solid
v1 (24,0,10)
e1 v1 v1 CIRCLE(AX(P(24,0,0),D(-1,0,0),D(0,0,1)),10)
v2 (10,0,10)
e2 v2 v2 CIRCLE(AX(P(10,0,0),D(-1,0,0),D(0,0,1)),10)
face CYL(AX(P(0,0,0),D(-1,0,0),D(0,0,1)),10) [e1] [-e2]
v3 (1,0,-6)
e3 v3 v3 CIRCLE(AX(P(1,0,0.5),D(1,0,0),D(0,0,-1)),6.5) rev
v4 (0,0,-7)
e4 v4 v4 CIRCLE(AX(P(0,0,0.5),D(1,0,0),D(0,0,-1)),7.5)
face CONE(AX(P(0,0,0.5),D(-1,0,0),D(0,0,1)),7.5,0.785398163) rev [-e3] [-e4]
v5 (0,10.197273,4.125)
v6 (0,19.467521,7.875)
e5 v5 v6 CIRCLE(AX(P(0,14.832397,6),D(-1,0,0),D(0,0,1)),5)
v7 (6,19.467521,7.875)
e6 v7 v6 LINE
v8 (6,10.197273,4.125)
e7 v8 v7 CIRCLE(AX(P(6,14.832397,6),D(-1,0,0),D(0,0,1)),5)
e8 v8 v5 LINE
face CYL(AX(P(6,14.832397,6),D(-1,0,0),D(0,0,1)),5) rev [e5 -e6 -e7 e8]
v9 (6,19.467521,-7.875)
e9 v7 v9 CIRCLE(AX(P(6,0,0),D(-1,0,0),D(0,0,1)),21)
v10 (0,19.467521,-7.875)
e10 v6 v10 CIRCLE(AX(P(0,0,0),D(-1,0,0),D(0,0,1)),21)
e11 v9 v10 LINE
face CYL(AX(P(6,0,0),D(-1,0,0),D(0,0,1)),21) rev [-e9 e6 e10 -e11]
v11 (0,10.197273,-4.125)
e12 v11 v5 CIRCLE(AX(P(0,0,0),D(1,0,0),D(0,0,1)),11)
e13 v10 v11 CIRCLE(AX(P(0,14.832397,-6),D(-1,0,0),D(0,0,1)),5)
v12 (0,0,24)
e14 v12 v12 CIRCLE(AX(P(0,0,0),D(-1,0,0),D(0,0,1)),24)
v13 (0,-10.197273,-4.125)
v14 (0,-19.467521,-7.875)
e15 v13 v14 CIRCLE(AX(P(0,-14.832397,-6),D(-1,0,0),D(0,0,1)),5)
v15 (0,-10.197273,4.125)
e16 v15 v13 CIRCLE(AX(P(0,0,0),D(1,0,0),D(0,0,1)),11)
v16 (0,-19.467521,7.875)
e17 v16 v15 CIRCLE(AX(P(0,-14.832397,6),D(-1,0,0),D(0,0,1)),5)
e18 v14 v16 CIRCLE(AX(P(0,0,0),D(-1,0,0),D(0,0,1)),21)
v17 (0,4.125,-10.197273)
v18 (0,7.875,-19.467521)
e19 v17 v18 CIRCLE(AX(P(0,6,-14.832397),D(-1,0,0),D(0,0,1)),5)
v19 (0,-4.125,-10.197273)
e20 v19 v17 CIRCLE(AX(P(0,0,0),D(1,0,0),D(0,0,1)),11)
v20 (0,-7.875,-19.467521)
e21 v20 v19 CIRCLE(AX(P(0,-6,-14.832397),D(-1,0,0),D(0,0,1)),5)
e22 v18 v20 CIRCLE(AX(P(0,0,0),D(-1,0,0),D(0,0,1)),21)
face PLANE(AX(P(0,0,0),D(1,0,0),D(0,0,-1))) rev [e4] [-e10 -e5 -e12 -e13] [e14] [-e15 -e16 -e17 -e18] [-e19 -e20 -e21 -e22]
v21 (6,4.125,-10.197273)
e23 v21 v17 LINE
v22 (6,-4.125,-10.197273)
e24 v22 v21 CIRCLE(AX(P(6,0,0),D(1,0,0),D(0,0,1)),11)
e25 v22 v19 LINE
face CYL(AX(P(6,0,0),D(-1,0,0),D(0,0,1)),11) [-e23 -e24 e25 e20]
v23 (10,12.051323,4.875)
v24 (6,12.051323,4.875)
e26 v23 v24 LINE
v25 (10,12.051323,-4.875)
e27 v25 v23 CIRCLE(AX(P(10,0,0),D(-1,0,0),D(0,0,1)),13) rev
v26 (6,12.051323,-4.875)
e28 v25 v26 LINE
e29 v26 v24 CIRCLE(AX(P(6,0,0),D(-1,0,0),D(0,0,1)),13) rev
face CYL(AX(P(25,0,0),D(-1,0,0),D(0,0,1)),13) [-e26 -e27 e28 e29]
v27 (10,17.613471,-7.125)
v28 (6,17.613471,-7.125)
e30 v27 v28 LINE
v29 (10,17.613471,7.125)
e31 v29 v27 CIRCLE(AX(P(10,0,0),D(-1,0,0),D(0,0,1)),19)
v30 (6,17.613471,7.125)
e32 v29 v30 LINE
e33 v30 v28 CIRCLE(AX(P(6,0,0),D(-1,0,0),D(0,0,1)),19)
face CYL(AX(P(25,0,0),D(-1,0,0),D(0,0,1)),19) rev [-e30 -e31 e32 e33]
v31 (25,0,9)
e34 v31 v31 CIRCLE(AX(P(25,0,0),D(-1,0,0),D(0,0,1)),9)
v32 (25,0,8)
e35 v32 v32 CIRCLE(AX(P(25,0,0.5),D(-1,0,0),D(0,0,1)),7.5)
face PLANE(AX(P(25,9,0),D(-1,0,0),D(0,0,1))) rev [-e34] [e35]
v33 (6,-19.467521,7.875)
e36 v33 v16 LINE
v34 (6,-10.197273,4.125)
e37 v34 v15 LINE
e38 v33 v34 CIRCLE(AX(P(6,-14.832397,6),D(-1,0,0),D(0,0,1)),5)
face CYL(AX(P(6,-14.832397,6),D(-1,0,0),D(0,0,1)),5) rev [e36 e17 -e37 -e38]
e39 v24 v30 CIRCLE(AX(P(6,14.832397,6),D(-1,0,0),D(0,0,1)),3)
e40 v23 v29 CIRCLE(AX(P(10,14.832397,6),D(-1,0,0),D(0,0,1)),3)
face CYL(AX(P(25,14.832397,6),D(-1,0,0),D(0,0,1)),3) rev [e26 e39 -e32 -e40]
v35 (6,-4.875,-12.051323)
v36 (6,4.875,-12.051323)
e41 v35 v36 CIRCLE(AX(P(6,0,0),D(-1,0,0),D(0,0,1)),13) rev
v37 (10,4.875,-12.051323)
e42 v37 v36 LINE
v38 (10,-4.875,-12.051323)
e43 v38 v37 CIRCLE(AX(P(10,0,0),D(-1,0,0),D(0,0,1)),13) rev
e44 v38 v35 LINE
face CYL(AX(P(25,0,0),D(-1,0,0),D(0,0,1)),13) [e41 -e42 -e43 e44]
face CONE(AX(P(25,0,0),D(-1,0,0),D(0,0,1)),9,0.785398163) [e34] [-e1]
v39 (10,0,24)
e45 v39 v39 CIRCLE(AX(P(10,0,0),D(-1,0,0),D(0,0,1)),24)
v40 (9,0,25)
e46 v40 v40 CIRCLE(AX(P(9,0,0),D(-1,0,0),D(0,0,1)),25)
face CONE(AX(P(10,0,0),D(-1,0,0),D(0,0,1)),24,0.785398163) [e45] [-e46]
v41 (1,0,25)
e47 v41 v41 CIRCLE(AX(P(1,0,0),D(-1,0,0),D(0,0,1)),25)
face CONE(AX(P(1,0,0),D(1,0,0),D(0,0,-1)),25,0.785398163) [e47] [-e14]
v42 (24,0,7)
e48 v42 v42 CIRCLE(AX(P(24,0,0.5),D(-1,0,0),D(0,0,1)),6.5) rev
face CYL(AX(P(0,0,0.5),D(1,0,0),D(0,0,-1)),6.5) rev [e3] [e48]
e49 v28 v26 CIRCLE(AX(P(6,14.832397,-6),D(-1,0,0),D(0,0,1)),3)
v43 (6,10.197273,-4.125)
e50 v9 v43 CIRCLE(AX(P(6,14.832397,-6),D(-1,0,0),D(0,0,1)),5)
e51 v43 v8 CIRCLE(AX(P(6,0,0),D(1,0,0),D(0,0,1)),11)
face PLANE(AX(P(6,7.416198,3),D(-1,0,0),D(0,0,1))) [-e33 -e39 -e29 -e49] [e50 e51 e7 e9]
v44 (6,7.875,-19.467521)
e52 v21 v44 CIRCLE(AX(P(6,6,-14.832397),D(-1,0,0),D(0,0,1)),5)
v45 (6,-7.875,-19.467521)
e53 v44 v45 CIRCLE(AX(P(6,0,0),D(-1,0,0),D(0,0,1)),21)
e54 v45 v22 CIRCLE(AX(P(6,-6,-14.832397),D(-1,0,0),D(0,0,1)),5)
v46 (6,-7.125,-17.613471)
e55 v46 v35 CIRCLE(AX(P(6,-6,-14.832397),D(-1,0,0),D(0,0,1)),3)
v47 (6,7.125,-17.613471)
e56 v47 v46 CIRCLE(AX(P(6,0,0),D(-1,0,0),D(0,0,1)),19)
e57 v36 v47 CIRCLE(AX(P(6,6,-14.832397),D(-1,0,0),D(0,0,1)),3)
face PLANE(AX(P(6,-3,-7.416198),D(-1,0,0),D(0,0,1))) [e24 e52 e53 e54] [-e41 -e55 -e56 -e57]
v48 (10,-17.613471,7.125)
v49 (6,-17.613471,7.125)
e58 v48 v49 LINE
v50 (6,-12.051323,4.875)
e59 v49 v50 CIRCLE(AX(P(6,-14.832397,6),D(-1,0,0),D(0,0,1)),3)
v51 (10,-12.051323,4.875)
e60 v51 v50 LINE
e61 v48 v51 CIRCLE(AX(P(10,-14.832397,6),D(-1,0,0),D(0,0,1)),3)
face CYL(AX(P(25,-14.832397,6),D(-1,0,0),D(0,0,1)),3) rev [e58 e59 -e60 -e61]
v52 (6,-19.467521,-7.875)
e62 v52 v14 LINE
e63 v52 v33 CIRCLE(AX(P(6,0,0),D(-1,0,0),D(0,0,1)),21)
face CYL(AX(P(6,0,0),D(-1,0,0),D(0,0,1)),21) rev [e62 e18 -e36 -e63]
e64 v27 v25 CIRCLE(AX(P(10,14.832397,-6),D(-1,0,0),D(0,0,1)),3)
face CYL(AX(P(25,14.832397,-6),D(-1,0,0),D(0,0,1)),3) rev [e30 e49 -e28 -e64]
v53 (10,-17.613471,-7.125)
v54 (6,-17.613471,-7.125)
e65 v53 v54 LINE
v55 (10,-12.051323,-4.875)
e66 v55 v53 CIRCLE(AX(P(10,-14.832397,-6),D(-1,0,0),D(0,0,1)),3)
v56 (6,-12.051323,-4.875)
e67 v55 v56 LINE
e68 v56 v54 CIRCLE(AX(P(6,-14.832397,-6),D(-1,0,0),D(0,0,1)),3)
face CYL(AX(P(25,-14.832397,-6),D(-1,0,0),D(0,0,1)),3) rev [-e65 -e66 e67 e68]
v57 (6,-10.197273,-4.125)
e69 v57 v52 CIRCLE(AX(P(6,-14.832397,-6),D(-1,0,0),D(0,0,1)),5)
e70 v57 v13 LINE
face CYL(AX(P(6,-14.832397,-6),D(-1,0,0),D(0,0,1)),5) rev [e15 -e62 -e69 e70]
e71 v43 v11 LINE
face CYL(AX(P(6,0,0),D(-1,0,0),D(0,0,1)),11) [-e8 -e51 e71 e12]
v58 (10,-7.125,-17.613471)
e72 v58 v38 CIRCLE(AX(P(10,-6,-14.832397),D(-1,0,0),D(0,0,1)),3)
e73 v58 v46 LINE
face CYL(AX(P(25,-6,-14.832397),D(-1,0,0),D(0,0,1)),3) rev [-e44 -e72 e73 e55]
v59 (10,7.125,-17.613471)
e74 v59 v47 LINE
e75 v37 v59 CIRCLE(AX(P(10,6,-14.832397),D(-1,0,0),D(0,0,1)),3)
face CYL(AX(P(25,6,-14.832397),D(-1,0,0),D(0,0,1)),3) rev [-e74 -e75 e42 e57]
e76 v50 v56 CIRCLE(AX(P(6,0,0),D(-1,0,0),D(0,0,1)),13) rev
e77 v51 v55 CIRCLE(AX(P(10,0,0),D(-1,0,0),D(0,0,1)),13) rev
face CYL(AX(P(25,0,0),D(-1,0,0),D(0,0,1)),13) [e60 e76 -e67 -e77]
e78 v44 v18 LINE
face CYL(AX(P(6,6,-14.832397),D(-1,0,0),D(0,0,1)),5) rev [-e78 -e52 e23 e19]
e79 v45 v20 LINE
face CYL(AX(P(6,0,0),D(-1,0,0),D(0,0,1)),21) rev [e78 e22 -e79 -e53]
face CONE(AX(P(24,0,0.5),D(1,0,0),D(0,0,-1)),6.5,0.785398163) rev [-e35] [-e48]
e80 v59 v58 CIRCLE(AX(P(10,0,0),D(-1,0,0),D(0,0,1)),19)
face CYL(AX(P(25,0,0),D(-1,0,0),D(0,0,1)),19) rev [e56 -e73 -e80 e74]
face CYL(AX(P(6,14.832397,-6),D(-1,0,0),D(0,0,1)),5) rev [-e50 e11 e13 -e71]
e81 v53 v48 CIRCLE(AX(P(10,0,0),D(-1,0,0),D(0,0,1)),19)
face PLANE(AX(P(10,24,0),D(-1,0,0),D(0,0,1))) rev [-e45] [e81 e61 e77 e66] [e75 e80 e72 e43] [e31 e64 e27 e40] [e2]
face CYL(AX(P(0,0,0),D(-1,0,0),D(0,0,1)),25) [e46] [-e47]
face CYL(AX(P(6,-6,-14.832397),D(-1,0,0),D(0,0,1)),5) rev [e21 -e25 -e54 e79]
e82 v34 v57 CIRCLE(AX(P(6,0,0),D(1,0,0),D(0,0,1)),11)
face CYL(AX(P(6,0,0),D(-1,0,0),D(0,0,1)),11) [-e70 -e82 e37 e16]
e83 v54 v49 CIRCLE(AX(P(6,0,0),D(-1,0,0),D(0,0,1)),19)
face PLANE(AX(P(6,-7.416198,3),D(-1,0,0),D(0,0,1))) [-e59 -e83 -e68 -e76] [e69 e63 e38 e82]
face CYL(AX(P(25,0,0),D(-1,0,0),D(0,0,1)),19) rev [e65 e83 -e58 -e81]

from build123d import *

# Parameters (mm, degrees)
CUT_EXTRUDE_2_DEPTH = 6
CUT_EXTRUDE_3_DEPTH = 26
SKETCH_3_R          = 6.5
CUT_EXTRUDE_4_DEPTH = 26
CHAMFER_1_SIZE      = 1
CHAMFER_3_SIZE      = 1


with BuildPart() as part:
    # Эскиз1 → Повернуть1 (revolve)
    with BuildSketch(Plane.XY):
        Polygon((0, 0), (0, 24), (1, 25), (9, 25), (10, 24), (10, 10), (24, 10), (25, 9), (25, 0), align=None)
    revolve(axis=Axis((0, 0, 0), (1, 0, 0)))

    # Эскиз4 → Вырез-Вытянуть2 (cut)
    with BuildSketch(Plane.ZY):
        with BuildLine():
            ThreePointArc((7.875, 19.467521029), (0, 21), (-7.875, 19.467521029))
            ThreePointArc((-7.875, 19.467521029), (-10.635124054, 12.957396974), (-4.125, 10.19727292))
            ThreePointArc((-4.125, 10.19727292), (0, 11), (4.125, 10.19727292))
            ThreePointArc((4.125, 10.19727292), (10.635124054, 12.957396974), (7.875, 19.467521029))
        make_face()
        with BuildLine():
            ThreePointArc((-10.19727292, 4.125), (-11, 0), (-10.19727292, -4.125))
            ThreePointArc((-10.19727292, -4.125), (-12.957396974, -10.635124054), (-19.467521029, -7.875))
            ThreePointArc((-19.467521029, -7.875), (-21, 0), (-19.467521029, 7.875))
            ThreePointArc((-19.467521029, 7.875), (-12.957396974, 10.635124054), (-10.19727292, 4.125))
        make_face()
        with BuildLine():
            ThreePointArc((-4.125, -10.19727292), (0, -11), (4.125, -10.19727292))
            ThreePointArc((4.125, -10.19727292), (10.635124054, -12.957396974), (7.875, -19.467521029))
            ThreePointArc((7.875, -19.467521029), (0, -21), (-7.875, -19.467521029))
            ThreePointArc((-7.875, -19.467521029), (-10.635124054, -12.957396974), (-4.125, -10.19727292))
        make_face()
    extrude(amount=-CUT_EXTRUDE_2_DEPTH, mode=Mode.SUBTRACT)

    # Эскиз5 → Вырез-Вытянуть3 (cut, through all)
    with BuildSketch(Plane.ZY):
        with BuildLine():
            ThreePointArc((7.125, 17.613471407), (0, 19), (-7.125, 17.613471407))
            ThreePointArc((-7.125, 17.613471407), (-8.781074433, 13.707396974), (-4.875, 12.051322542))
            ThreePointArc((-4.875, 12.051322542), (0, 13), (4.875, 12.051322542))
            ThreePointArc((4.875, 12.051322542), (8.781074433, 13.707396974), (7.125, 17.613471407))
        make_face()
        with BuildLine():
            ThreePointArc((-12.051322542, 4.875), (-13, 0), (-12.051322542, -4.875))
            ThreePointArc((-12.051322542, -4.875), (-13.707396974, -8.781074433), (-17.613471407, -7.125))
            ThreePointArc((-17.613471407, -7.125), (-19, 0), (-17.613471407, 7.125))
            ThreePointArc((-17.613471407, 7.125), (-13.707396974, 8.781074433), (-12.051322542, 4.875))
        make_face()
        with BuildLine():
            ThreePointArc((-4.875, -12.051322542), (0, -13), (4.875, -12.051322542))
            ThreePointArc((4.875, -12.051322542), (8.781074433, -13.707396974), (7.125, -17.613471407))
            ThreePointArc((7.125, -17.613471407), (0, -19), (-7.125, -17.613471407))
            ThreePointArc((-7.125, -17.613471407), (-8.781074433, -13.707396974), (-4.875, -12.051322542))
        make_face()
    extrude(amount=-CUT_EXTRUDE_3_DEPTH, mode=Mode.SUBTRACT)

    # Эскиз3 → Вырез-Вытянуть4 (cut, through all)
    with BuildSketch(Plane(origin=(25, 0, 0), x_dir=(0, 0, -1), z_dir=(1, 0, 0))):
        with Locations((-0.5, 0)):
            Circle(SKETCH_3_R)
    extrude(amount=-CUT_EXTRUDE_4_DEPTH, mode=Mode.SUBTRACT)

    # Фаска1
    chamfer_1_edges = [part.edges().sort_by_distance(p)[0] for p in [
        (25, 0, 7),
    ]]
    chamfer(chamfer_1_edges, length=CHAMFER_1_SIZE)

    # Фаска3
    chamfer_3_edges = [part.edges().sort_by_distance(p)[0] for p in [
        (0, 0, 7),
    ]]
    chamfer(chamfer_3_edges, length=CHAMFER_3_SIZE)


solid = part.part
